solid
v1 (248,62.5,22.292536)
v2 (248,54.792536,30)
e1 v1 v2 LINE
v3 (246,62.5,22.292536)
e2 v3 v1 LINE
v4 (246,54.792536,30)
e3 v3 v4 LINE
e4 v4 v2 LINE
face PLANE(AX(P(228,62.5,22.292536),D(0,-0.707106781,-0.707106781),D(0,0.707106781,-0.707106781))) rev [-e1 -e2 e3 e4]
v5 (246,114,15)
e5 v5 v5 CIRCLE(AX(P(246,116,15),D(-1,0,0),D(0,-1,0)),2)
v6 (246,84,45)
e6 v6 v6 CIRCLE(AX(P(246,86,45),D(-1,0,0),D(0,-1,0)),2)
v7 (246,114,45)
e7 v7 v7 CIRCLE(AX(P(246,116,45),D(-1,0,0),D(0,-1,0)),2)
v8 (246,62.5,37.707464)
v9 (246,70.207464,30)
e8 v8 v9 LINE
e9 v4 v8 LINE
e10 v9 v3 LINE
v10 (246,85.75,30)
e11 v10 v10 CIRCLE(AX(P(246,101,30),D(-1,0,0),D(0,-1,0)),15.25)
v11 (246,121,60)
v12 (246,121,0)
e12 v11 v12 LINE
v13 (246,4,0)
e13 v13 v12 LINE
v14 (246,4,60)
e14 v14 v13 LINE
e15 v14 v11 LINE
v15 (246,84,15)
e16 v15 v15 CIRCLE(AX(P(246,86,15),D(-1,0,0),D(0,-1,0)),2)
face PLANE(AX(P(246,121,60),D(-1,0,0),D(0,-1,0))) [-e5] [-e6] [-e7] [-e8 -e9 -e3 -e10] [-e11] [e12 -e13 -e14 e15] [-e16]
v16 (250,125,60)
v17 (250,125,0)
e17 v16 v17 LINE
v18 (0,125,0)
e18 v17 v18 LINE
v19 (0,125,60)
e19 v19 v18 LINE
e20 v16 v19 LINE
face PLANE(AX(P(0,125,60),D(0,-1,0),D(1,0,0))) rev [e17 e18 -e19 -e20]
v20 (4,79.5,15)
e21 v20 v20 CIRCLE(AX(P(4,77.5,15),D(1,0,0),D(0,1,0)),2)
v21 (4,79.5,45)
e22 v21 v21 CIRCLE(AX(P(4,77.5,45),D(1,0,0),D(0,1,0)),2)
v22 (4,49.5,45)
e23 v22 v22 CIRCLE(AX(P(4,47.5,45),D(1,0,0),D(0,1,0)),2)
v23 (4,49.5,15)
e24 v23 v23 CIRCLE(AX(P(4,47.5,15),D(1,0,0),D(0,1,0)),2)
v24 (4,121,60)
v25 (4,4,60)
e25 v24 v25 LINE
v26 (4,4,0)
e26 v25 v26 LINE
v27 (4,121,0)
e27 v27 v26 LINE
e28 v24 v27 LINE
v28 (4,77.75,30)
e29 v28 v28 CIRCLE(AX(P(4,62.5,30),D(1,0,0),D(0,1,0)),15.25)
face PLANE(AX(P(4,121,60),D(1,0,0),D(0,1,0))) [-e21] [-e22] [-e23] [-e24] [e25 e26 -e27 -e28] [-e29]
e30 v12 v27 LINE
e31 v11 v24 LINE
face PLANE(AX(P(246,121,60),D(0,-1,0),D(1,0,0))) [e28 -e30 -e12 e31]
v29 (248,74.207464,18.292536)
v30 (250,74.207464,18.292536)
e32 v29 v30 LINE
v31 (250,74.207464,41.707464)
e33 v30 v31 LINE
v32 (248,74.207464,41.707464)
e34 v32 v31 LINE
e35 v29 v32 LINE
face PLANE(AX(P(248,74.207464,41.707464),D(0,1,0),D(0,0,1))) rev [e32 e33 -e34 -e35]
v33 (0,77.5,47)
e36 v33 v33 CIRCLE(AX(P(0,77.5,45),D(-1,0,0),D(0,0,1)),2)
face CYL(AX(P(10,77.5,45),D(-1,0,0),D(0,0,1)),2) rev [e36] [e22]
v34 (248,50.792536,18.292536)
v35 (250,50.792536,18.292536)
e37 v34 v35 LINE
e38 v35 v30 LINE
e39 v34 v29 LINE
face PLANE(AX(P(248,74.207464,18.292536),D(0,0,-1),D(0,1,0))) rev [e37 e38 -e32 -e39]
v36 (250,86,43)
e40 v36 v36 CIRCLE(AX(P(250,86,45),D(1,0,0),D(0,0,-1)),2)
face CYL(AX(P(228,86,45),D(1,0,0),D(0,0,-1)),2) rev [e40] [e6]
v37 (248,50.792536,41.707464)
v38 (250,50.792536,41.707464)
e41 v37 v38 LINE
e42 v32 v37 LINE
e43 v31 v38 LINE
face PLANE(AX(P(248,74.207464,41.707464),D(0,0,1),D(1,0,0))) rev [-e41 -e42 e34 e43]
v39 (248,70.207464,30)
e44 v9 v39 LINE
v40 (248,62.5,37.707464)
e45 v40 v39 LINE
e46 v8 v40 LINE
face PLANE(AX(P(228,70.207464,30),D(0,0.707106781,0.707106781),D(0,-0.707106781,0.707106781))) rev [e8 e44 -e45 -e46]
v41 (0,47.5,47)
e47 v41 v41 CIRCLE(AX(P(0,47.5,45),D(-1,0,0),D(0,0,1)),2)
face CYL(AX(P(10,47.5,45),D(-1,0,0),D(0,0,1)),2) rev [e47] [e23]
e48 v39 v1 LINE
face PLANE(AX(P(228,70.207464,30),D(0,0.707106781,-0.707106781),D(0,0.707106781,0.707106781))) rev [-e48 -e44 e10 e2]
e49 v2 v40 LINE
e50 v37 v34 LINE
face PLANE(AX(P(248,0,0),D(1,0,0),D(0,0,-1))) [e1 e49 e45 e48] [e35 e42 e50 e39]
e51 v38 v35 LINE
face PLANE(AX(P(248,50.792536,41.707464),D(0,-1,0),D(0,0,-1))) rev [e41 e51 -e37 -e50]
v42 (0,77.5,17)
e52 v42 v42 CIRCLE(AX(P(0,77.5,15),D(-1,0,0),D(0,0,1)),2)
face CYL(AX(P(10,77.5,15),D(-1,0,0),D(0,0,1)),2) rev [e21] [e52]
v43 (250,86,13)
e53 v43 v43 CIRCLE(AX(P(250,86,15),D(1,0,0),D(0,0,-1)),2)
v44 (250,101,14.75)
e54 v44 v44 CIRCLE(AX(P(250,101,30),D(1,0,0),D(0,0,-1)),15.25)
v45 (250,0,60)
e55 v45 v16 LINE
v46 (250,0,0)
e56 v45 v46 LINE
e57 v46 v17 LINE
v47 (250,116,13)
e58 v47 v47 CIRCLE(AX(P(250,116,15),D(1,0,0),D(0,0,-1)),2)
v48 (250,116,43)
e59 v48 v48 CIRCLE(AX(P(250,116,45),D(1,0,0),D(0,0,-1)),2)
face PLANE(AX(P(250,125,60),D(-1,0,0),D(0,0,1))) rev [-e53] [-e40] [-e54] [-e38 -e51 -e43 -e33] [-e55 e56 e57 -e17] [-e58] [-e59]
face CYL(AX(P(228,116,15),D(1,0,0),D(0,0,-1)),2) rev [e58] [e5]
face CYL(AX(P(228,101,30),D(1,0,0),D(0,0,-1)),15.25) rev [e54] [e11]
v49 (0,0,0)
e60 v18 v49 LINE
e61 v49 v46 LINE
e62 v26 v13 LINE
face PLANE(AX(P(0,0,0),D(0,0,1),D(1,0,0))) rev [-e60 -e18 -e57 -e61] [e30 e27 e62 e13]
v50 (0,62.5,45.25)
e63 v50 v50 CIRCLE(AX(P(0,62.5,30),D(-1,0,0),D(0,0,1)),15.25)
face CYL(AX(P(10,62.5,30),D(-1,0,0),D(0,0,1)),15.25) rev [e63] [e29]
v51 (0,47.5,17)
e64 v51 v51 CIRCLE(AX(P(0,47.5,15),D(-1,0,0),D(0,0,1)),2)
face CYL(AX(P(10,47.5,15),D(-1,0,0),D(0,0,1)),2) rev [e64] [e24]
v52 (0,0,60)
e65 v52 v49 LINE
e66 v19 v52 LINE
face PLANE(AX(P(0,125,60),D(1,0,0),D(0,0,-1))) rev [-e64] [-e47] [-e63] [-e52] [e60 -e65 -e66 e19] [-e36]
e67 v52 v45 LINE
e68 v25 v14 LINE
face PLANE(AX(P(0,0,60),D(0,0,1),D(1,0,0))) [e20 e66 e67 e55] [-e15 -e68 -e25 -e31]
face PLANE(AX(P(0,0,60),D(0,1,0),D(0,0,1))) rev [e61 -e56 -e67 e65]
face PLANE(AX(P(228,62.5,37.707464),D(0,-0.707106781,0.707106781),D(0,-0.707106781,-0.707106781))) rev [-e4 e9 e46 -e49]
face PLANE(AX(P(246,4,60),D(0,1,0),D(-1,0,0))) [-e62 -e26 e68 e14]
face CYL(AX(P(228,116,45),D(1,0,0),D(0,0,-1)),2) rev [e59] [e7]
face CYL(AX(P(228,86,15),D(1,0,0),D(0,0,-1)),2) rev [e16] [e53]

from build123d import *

# Parameters (mm, degrees)
SKIZZE1_W                       = 250
SKIZZE1_H                       = 125
SKIZZE1_W_2                     = 242
SKIZZE1_H_2                     = 117
AUFSATZ_LINEAR_AUSTRAGEN1_DEPTH = 60
SKIZZE2_R                       = 15.25
SKIZZE2_R_2                     = 2
SCHNITT_LINEAR_AUSTRAGEN1_DEPTH = 10
SKIZZE8_R                       = 15.25
SKIZZE8_R_2                     = 2
SCHNITT_LINEAR_AUSTRAGEN6_DEPTH = 22
SKIZZE10_W                      = 23.41492783
SKIZZE10_H                      = 23.41492783
SCHNITT_LINEAR_AUSTRAGEN7_DEPTH = 2


with BuildPart() as part:
    # Skizze1 → Aufsatz-Linear austragen1 (new body)
    with BuildSketch(Plane.XY):
        with Locations((125, 62.5)):
            Rectangle(SKIZZE1_W, SKIZZE1_H)
        with Locations((125, 62.5)):
            Rectangle(SKIZZE1_W_2, SKIZZE1_H_2, mode=Mode.SUBTRACT)
    extrude(amount=AUFSATZ_LINEAR_AUSTRAGEN1_DEPTH)

    # Skizze2 → Schnitt-Linear austragen1 (cut)
    with BuildSketch(Plane.ZY):
        with Locations((30, 62.5)):
            Circle(SKIZZE2_R)
        with Locations((15, 77.5)):
            Circle(SKIZZE2_R_2)
        with Locations((45, 77.5)):
            Circle(SKIZZE2_R_2)
        with Locations((45, 47.5)):
            Circle(SKIZZE2_R_2)
        with Locations((15, 47.5)):
            Circle(SKIZZE2_R_2)
    extrude(amount=-SCHNITT_LINEAR_AUSTRAGEN1_DEPTH, mode=Mode.SUBTRACT)

    # Skizze8 → Schnitt-Linear austragen6 (cut)
    with BuildSketch(Plane(origin=(250, 0, 0), x_dir=(0, 0, -1), z_dir=(1, 0, 0))):
        with Locations((-30, 101)):
            Circle(SKIZZE8_R)
        with Locations((-45, 116)):
            Circle(SKIZZE8_R_2)
        with Locations((-15, 86)):
            Circle(SKIZZE8_R_2)
        with Locations((-45, 86)):
            Circle(SKIZZE8_R_2)
        with Locations((-15, 116)):
            Circle(SKIZZE8_R_2)
        Polygon((-30, 70.207463915), (-37.707463915, 62.5), (-30, 54.792536085), (-22.292536085, 62.5), align=None)
    extrude(amount=-SCHNITT_LINEAR_AUSTRAGEN6_DEPTH, mode=Mode.SUBTRACT)

    # Skizze10 → Schnitt-Linear austragen7 (cut)
    with BuildSketch(Plane(origin=(250, 0, 0), x_dir=(0, 0, -1), z_dir=(1, 0, 0))):
        with Locations((-30, 62.5)):
            Rectangle(SKIZZE10_W, SKIZZE10_H)
    extrude(amount=-SCHNITT_LINEAR_AUSTRAGEN7_DEPTH, mode=Mode.SUBTRACT)


solid = part.part
